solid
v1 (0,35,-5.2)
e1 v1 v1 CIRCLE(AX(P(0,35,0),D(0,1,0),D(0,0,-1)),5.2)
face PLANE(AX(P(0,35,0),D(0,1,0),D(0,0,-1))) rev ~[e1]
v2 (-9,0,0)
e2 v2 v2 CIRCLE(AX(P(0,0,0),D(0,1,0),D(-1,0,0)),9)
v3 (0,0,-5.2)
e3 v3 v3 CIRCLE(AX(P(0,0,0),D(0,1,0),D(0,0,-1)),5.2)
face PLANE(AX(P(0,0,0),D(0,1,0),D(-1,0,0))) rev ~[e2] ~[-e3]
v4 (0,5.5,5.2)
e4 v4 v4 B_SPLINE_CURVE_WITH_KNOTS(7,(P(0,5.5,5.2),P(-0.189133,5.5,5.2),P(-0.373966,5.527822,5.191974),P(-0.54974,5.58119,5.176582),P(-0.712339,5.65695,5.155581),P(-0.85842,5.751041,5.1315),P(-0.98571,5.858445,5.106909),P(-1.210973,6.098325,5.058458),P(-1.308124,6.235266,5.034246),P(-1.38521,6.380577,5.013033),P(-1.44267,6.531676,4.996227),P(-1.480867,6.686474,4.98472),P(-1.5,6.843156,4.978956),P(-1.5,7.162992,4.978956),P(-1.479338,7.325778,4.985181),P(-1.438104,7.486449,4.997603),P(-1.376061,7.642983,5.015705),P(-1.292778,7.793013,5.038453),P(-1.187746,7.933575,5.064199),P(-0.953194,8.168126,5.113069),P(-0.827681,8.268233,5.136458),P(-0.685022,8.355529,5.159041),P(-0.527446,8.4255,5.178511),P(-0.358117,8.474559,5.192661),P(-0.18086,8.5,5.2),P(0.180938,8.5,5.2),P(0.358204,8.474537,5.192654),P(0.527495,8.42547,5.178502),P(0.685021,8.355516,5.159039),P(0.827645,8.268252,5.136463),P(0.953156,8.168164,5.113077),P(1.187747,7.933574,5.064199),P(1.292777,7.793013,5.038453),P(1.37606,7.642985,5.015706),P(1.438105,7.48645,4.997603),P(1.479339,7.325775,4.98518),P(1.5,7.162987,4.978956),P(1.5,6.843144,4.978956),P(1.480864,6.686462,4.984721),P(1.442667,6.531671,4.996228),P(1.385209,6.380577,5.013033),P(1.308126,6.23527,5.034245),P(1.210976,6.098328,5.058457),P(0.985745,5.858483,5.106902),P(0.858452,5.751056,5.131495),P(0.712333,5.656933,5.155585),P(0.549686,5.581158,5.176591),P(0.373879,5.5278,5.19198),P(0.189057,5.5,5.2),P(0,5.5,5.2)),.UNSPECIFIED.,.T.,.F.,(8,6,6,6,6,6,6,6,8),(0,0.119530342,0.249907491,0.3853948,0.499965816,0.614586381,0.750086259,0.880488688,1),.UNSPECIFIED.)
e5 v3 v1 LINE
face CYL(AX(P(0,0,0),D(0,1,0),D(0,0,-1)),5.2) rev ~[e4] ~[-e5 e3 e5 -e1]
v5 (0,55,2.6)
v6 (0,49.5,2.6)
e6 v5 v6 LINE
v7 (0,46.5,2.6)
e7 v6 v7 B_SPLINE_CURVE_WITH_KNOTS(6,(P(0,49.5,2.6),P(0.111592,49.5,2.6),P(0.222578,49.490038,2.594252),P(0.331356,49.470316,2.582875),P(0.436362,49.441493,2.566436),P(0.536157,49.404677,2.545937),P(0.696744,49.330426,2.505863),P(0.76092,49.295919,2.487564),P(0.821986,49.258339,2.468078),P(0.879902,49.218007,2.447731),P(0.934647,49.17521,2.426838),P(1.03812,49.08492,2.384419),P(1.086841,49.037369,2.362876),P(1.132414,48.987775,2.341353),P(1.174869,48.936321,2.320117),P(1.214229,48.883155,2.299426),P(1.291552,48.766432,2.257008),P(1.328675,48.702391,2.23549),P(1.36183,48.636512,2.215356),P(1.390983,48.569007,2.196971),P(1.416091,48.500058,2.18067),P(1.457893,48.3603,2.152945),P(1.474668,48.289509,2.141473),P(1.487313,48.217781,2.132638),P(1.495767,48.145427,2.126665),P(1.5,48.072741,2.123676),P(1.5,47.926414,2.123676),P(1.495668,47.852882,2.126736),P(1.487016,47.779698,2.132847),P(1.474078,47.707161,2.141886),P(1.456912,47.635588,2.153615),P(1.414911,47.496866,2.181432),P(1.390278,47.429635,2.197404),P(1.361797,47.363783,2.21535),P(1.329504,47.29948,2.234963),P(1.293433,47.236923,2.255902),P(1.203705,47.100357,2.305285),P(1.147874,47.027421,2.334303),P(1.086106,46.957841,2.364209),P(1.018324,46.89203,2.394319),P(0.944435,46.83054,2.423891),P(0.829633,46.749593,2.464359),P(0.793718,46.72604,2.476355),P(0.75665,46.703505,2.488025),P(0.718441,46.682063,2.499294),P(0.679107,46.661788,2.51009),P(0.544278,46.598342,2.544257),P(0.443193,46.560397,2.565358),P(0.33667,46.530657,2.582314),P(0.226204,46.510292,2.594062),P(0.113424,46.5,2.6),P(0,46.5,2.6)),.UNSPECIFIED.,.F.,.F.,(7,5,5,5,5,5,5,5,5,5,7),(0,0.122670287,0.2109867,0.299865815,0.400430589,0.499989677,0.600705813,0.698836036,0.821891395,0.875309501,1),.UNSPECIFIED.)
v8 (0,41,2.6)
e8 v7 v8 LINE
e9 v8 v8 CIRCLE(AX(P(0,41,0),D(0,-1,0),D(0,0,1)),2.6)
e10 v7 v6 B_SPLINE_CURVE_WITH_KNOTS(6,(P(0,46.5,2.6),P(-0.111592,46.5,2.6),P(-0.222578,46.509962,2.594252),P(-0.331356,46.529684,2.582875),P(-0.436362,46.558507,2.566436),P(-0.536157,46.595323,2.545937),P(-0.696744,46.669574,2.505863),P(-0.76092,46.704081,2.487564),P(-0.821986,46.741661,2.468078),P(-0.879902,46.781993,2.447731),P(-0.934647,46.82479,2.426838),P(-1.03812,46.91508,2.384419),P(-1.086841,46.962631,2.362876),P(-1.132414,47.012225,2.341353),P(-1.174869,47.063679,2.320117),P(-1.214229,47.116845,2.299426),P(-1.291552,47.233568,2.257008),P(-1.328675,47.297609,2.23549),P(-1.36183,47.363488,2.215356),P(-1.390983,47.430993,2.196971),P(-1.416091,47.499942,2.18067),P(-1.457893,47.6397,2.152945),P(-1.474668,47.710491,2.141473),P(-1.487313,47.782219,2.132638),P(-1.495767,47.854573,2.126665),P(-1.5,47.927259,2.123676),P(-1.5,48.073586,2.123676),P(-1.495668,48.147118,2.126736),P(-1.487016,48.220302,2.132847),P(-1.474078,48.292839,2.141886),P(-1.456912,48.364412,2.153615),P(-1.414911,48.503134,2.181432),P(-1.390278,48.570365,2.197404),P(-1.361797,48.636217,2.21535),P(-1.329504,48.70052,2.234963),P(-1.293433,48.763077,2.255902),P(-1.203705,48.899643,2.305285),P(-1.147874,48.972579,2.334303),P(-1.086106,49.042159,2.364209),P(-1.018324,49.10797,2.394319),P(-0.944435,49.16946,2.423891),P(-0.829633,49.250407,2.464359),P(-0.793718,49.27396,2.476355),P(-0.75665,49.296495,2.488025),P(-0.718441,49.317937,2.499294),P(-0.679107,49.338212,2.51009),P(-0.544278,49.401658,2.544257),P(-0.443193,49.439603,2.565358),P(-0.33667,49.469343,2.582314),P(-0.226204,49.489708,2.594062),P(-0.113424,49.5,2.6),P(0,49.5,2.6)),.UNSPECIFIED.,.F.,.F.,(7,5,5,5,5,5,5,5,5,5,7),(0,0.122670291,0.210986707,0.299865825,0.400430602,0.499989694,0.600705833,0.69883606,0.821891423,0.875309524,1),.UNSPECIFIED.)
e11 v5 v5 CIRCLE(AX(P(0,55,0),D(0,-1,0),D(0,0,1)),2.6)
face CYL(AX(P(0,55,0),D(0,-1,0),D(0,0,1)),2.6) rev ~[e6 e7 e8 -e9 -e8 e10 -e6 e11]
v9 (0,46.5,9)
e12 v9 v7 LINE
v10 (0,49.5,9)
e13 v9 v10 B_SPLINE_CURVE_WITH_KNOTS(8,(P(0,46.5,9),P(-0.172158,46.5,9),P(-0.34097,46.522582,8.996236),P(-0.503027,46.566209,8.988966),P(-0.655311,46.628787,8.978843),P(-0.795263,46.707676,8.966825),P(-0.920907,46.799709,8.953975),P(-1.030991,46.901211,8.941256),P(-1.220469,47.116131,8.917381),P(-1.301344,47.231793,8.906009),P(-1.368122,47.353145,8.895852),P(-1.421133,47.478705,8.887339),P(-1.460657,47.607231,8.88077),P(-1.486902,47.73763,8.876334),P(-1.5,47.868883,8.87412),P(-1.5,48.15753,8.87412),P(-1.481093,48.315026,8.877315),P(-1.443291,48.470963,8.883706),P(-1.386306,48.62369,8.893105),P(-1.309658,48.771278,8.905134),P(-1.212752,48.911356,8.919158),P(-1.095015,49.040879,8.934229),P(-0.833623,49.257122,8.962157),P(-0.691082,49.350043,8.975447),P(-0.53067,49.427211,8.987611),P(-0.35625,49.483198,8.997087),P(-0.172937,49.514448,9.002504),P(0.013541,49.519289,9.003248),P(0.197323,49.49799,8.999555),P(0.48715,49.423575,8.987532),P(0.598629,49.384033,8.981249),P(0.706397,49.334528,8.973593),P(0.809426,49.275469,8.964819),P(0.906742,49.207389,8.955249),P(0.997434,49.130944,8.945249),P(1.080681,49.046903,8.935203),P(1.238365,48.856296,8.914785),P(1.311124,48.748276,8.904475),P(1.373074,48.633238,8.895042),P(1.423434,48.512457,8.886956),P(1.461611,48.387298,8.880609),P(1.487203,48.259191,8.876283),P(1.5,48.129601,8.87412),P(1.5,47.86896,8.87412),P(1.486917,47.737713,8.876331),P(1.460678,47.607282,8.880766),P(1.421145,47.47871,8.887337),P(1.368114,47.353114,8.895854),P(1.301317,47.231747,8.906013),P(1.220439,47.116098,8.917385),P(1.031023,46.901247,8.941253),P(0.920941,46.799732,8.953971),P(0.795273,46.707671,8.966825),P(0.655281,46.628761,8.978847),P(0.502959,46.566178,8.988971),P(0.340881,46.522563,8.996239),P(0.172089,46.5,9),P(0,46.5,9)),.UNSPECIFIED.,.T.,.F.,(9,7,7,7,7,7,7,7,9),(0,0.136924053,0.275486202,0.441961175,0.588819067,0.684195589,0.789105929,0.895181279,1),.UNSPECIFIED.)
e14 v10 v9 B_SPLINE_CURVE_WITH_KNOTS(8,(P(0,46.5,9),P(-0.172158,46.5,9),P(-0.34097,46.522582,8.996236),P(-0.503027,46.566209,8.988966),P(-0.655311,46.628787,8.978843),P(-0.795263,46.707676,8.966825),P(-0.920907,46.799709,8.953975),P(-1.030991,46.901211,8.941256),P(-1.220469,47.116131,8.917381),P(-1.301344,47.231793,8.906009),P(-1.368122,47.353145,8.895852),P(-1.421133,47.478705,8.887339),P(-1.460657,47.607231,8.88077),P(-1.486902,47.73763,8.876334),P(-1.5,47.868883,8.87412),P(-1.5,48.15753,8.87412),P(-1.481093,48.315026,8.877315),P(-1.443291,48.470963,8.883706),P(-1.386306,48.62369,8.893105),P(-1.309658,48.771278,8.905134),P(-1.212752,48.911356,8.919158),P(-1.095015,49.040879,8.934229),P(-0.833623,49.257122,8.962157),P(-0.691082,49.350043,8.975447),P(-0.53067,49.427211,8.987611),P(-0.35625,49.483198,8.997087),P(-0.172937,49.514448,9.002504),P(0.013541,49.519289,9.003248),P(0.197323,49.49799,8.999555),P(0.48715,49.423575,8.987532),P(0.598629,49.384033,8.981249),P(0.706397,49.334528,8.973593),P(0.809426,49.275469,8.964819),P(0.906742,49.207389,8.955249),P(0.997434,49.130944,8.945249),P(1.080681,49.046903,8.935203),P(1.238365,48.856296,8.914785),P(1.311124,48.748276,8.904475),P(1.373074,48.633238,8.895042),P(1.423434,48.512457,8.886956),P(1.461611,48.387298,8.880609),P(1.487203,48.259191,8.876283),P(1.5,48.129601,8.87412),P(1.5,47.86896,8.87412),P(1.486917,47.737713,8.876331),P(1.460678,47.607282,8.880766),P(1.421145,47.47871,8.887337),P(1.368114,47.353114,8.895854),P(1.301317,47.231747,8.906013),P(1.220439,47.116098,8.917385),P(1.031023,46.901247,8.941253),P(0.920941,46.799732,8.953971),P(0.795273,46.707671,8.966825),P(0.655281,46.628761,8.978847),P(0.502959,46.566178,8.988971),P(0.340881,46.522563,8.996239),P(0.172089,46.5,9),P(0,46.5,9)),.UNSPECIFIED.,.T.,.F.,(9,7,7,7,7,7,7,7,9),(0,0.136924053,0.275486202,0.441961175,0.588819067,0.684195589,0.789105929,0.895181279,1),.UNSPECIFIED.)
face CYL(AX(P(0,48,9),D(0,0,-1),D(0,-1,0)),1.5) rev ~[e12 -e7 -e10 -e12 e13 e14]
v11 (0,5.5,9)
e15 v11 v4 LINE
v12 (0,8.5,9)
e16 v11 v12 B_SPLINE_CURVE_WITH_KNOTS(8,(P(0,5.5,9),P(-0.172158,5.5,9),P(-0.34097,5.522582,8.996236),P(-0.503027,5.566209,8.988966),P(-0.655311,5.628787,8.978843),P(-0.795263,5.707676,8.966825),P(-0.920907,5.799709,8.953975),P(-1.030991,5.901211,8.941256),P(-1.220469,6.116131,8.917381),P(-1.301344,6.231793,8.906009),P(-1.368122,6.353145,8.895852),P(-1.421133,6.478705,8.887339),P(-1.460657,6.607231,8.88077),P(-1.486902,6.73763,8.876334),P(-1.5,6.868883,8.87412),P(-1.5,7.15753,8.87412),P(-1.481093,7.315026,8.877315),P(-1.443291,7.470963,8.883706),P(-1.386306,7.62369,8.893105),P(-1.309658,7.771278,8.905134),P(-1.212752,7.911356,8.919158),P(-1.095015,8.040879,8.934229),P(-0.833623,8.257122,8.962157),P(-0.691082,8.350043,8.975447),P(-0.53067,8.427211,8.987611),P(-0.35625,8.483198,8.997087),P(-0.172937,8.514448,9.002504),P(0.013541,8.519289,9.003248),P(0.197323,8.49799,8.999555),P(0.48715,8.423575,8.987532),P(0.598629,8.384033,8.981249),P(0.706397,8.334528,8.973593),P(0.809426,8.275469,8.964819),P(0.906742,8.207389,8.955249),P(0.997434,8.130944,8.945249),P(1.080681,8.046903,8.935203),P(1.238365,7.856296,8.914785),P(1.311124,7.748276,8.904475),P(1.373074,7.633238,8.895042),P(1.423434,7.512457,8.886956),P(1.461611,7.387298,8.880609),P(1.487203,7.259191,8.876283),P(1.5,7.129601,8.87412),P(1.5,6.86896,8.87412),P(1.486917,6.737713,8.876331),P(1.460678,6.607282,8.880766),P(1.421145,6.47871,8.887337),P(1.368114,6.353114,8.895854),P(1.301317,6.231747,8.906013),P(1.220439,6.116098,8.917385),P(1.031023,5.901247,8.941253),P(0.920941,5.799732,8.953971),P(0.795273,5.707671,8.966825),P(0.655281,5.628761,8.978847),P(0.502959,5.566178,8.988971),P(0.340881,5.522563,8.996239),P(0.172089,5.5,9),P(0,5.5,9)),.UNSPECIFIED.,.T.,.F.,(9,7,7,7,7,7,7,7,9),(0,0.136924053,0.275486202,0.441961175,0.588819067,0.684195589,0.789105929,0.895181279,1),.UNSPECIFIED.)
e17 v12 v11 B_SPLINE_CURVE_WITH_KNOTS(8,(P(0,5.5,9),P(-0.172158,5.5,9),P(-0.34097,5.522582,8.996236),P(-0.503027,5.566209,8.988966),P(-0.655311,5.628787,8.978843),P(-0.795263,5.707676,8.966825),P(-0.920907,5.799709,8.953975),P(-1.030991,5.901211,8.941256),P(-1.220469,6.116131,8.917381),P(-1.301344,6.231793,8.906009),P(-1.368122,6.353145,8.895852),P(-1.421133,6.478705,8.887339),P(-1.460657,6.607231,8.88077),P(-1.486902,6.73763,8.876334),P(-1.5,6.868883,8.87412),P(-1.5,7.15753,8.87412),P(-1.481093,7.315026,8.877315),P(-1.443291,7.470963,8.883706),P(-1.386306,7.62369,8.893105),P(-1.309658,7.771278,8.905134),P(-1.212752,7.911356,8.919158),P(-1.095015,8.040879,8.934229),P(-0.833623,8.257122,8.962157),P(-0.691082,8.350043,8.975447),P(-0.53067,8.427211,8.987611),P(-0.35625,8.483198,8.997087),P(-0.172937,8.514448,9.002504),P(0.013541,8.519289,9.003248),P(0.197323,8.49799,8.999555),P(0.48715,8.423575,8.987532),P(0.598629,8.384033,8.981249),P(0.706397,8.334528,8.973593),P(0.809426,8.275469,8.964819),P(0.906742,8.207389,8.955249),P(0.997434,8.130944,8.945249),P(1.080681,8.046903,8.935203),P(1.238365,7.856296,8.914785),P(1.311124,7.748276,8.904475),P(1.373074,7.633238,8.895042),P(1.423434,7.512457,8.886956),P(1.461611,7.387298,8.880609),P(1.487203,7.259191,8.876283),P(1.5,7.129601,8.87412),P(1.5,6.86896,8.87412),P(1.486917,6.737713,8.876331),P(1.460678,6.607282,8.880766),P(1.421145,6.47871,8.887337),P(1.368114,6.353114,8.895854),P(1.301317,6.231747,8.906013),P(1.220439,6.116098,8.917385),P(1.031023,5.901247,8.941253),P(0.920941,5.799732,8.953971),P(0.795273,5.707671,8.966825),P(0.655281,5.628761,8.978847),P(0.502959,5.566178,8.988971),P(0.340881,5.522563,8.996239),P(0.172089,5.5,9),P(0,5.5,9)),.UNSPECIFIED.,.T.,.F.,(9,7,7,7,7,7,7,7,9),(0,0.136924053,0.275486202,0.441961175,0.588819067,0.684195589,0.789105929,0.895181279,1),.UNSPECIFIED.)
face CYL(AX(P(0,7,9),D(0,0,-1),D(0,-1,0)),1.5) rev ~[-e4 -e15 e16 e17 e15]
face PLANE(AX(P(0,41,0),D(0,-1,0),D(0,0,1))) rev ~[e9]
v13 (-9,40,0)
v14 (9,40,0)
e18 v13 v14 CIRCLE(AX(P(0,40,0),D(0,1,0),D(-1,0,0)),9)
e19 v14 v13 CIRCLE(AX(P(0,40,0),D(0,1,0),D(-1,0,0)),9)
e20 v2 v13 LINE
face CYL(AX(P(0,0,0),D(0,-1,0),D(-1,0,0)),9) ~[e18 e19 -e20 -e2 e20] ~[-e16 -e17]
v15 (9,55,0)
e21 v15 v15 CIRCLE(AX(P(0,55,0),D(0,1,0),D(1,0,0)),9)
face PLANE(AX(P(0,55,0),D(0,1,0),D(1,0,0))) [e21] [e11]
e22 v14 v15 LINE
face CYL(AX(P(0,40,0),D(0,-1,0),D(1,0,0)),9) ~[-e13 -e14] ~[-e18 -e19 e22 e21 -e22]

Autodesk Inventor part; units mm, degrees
ref_plane "YZ Plane" through (0, 0, 0) normal (1, 0, 0) x (0, 1, 0)
ref_plane "XZ Plane" through (0, 0, 0) normal (0, 1, 0) x (-1, 0, 0)
sketch "スケッチ1" plane through (0, 0, 0) normal (0, 1, 0) x (-1, 0, 0)
  circle A0 centre (0, 0) radius 9
  dimension "d0" = 18
extrude "押し出し1" add sketch "スケッチ1" along normal blind 40
sketch "スケッチ2" plane through (0, 0, 0) normal (0, -1, 0) x (1, 0, 0)
  circle A0 centre (0, 0) radius 5.2
  dimension "d4" = 10.4
hole "穴1" at (0, 0, 0) direction (0, 1, 0) diameter 10.4 depth 35
ref_plane "作業平面1" through (0, 0, 9) normal (0, 0, 1) x (1, 0, 0)
sketch "スケッチ3" plane through (0, 0, 9) normal (0, 0, 1) x (1, 0, 0)
  point P0 (0, 0)
  point P1 (0, 7)
hole "穴2" at (0, 7, 9) direction (0, 0, -1) diameter 3 depth 6
ref_plane "作業平面4" through (0, 40, 0) normal (0, 1, 0) x (1, 0, 0)
sketch "スケッチ5" plane through (0, 40, 0) normal (0, 1, 0) x (1, 0, 0)
  circle A0 centre (0, 0) radius 9
  dimension "d41" = 18
extrude "押し出し2" add sketch "スケッチ5" along normal blind 15
ref_plane "作業平面5" through (0, 55, 0) normal (0, 1, 0) x (1, 0, 0)
sketch "スケッチ6" plane through (0, 55, 0) normal (0, 1, 0) x (1, 0, 0)
  circle A0 centre (0, 0) radius 2.6
  dimension "d23" = 5.2
hole "穴3" at (0, 55, 0) direction (0, -1, 0) diameter 5.2 depth 14
sketch "スケッチ7" plane through (0, 0, 9) normal (0, 0, 1) x (1, 0, 0)
  circle A0 centre (0, 48) radius 1.5
  line L0 (9, 55) -> (-9, 55) projected
  point P0 (0, 0)
  dimension "d31" = 3
  dimension "d42" = 7
hole "穴4" at (0, 48, 9) direction (0, 0, -1) diameter 3 depth 8
ref_plane "作業平面7" through (0, 41, 0) normal (0, 1, 0) x (1, 0, 0)
ref_plane "作業平面8" through (0, 35, 0) normal (0, -1, 0) x (1, 0, 0)
equation "\"d5\" = d4"
properties part number "joint_3D プリント"
